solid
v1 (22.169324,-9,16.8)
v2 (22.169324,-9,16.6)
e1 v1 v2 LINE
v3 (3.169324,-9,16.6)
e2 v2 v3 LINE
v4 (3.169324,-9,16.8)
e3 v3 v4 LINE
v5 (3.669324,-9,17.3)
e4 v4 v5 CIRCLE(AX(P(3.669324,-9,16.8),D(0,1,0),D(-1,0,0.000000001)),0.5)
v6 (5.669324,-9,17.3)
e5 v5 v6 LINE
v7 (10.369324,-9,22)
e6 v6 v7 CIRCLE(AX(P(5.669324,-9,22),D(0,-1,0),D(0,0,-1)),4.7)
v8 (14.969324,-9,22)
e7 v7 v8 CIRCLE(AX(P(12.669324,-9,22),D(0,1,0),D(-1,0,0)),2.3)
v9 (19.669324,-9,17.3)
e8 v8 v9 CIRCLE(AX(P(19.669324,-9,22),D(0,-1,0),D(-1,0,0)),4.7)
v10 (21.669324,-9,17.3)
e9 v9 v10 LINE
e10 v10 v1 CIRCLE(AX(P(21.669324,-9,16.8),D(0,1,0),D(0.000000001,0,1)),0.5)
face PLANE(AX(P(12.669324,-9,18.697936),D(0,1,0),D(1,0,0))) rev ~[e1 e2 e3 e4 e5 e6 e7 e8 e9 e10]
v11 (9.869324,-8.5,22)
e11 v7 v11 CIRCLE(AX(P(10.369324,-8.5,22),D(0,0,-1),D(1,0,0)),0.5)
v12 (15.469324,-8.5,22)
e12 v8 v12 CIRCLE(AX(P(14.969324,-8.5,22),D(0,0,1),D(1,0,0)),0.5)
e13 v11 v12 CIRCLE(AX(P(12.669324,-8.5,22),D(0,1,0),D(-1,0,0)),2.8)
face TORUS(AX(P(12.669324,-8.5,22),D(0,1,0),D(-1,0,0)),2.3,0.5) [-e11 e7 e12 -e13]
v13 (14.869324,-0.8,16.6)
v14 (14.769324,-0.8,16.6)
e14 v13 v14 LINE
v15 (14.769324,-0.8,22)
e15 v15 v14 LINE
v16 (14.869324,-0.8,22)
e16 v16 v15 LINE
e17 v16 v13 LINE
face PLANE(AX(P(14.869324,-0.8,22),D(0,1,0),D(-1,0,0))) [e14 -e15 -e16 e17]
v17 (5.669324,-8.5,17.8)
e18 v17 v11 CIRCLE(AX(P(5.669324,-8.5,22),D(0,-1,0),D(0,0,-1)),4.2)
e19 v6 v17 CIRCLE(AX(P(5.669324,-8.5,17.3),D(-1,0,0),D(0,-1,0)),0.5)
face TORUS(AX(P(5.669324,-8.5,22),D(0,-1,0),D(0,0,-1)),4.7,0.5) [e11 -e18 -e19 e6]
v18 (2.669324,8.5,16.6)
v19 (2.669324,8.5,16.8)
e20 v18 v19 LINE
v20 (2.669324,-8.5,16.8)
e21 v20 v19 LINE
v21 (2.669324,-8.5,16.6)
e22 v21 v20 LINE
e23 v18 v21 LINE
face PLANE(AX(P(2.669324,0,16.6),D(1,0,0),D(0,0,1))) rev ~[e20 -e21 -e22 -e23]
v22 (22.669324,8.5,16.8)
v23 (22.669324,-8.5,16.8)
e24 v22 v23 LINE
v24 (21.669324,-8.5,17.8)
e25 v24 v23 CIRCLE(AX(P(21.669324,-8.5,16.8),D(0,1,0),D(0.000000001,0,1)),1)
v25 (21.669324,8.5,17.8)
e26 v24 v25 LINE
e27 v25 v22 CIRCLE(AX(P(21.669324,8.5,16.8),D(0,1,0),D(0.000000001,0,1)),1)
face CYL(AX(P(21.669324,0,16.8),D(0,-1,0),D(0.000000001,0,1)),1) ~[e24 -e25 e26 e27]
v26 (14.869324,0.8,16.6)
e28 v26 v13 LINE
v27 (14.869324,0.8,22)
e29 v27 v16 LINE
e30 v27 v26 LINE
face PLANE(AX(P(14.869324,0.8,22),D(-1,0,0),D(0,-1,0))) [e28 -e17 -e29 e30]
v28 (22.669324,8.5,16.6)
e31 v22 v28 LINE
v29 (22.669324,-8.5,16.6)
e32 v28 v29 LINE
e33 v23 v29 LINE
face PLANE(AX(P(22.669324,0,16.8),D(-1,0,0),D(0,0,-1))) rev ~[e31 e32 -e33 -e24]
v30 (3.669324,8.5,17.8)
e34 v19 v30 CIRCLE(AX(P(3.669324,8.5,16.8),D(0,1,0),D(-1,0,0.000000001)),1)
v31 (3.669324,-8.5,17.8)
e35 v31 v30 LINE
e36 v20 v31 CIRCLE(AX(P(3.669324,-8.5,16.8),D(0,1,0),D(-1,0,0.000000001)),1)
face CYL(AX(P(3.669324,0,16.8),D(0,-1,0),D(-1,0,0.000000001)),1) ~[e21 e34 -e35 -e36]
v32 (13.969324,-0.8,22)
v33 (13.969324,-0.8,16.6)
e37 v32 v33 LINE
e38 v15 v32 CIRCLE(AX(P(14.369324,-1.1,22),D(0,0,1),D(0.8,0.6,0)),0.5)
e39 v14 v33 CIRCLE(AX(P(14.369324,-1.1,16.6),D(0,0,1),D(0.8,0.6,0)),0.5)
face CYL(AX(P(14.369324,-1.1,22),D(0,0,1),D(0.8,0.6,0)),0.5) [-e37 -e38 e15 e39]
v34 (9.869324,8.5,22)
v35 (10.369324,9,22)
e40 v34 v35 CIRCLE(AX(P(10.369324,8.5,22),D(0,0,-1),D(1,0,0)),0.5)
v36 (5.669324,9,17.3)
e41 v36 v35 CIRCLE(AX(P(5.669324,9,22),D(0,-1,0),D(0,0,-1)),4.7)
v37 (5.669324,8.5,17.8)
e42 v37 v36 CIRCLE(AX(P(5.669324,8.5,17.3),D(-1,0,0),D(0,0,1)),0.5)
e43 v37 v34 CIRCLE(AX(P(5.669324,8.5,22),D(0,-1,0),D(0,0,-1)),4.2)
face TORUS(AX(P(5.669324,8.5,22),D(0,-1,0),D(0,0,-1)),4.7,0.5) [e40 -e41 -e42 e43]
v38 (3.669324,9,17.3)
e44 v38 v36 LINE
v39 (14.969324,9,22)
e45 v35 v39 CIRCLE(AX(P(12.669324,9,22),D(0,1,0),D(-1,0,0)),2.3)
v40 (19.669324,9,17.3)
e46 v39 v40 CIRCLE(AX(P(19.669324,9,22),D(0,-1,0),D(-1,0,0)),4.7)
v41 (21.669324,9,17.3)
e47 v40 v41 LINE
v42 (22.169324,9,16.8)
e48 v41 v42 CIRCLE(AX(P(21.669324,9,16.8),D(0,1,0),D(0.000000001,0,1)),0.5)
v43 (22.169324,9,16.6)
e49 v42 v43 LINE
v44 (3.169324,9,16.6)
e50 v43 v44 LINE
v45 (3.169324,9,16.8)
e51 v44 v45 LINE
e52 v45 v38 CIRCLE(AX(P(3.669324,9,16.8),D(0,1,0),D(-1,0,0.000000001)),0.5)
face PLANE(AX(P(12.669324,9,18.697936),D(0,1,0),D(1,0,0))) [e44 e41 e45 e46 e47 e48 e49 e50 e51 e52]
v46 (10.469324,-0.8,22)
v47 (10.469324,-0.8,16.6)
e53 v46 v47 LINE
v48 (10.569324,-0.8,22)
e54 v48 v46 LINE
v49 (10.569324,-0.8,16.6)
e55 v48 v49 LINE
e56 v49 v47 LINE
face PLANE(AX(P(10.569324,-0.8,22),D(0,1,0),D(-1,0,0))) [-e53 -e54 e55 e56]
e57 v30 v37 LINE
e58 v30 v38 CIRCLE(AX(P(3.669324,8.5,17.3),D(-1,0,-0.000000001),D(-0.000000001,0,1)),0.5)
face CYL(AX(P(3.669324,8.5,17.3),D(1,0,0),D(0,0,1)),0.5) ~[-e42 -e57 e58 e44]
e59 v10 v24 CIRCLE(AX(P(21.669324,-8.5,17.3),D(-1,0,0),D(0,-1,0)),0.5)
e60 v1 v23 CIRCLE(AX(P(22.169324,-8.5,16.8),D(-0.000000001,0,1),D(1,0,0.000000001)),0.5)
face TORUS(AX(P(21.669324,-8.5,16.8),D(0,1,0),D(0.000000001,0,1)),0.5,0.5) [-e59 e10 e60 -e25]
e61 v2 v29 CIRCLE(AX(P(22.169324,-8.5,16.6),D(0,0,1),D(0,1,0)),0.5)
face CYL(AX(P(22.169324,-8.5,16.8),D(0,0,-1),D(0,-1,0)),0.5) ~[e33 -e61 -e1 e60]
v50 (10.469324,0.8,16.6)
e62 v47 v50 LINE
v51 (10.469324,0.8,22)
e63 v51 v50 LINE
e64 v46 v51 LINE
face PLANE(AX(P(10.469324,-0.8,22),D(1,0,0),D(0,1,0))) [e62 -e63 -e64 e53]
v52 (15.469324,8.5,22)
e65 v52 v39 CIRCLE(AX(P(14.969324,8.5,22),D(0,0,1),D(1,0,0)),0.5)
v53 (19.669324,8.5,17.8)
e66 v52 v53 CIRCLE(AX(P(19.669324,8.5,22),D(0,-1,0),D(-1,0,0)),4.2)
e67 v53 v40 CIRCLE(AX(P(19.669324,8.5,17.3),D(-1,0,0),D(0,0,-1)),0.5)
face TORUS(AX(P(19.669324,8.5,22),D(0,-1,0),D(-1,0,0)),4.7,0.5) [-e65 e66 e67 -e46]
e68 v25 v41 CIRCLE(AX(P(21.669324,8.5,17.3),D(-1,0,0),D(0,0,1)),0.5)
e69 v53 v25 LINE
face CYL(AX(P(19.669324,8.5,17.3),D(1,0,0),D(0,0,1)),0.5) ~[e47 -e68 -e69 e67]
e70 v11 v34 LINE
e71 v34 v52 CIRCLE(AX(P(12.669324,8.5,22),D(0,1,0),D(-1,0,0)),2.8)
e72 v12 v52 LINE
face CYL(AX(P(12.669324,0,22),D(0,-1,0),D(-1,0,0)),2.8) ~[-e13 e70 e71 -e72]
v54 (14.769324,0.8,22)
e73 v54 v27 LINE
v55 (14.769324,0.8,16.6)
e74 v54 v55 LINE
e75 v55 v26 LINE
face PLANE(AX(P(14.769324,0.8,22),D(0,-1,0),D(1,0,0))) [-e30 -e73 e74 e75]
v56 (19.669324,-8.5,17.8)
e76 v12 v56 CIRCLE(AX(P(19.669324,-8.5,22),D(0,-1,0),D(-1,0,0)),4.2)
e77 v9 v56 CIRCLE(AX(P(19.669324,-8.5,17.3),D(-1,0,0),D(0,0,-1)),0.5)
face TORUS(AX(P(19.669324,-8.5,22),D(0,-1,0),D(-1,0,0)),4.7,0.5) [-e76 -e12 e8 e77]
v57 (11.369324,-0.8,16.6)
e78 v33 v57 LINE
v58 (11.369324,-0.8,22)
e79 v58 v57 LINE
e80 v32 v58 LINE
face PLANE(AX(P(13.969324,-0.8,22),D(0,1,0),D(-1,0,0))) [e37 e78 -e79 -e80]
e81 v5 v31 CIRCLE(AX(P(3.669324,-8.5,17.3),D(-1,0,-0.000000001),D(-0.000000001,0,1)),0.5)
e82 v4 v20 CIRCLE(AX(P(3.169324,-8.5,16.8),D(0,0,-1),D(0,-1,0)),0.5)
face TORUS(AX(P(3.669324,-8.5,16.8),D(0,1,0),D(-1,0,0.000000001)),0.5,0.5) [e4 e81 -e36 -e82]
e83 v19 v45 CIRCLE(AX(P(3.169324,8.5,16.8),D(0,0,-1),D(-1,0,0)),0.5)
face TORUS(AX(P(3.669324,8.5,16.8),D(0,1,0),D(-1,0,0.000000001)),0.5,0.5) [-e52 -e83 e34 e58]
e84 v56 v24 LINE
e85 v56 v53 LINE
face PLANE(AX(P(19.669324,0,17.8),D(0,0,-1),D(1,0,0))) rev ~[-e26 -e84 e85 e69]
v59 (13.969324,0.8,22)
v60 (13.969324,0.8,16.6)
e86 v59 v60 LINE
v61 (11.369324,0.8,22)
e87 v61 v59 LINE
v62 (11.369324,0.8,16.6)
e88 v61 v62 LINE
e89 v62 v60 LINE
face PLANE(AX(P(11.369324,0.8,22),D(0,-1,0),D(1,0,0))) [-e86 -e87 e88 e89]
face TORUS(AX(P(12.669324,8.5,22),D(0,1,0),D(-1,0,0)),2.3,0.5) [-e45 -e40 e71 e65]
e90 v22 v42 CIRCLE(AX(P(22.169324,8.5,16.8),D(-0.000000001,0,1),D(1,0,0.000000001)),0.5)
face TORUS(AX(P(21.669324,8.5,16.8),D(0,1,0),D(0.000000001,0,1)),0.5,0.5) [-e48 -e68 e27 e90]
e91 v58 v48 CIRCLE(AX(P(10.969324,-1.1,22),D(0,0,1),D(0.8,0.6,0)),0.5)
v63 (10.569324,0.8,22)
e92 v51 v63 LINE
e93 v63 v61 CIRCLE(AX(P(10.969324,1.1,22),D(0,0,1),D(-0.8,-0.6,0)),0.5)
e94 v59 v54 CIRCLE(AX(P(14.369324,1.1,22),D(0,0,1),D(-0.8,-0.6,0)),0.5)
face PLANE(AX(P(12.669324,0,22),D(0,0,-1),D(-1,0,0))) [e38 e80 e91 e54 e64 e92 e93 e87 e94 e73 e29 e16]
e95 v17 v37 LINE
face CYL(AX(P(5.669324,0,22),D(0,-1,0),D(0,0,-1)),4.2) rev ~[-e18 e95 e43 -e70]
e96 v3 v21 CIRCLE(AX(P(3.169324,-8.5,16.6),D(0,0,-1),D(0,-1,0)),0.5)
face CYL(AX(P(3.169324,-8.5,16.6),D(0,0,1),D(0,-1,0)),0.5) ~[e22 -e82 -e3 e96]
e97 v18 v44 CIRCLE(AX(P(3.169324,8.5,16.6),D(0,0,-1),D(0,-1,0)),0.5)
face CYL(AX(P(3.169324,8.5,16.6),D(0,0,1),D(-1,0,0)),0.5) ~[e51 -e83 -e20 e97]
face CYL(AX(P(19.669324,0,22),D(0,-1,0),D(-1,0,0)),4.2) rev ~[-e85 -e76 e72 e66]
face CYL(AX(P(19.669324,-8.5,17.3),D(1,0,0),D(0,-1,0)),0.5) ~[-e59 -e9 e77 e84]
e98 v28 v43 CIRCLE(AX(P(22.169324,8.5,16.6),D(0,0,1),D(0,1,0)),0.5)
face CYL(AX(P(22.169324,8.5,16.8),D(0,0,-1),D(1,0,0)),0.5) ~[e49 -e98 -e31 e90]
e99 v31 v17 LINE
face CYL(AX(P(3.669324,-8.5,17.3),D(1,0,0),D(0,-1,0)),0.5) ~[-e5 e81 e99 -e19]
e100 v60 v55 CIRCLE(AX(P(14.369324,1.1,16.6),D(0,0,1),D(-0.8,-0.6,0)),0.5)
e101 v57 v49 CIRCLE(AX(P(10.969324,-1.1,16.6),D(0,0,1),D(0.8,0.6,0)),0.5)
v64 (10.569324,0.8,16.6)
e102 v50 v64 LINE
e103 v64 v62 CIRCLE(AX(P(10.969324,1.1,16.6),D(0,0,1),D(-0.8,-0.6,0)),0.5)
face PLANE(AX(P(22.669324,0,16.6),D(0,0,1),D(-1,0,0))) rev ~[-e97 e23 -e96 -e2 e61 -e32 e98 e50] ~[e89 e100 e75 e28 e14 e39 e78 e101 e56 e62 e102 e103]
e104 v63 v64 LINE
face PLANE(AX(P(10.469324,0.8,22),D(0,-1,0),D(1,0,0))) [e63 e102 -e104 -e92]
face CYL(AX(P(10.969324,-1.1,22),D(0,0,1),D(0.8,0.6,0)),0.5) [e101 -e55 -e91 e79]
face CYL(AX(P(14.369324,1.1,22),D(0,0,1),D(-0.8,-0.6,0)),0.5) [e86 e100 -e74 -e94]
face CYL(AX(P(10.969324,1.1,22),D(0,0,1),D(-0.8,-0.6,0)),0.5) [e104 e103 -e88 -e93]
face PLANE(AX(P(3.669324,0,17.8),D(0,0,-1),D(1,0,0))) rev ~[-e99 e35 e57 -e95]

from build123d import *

# Parameters (mm, degrees)
BOSS_EXTRUDE2_DEPTH = 9
FILLET1_R           = 0.5
CUT_EXTRUDE1_START  = -5.4
CUT_EXTRUDE1_DEPTH  = 5.4


with BuildPart() as part:
    # Sketch3 → Boss-Extrude2 (new body, symmetric)
    with BuildSketch(Plane(origin=(0, 0, 0), x_dir=(-1, 0, 0), z_dir=(0, -1, 0))):
        with BuildLine():
            Line((-12.669323516, -16.6), (-2.669323516, -16.6))
            Line((-2.669323516, -16.6), (-2.669323516, -16.8))
            ThreePointArc((-2.669323516, -16.8), (-2.962216735, -17.507106781), (-3.669323516, -17.8))
            Line((-3.669323516, -17.8), (-5.669323516, -17.8))
            ThreePointArc((-5.669323516, -17.8), (-8.639171997, -19.030151519), (-9.869323516, -22))
            ThreePointArc((-9.869323516, -22), (-12.669323516, -24.8), (-15.469323516, -22))
            ThreePointArc((-15.469323516, -22), (-16.699475035, -19.030151519), (-19.669323516, -17.8))
            Line((-19.669323516, -17.8), (-21.669323516, -17.8))
            ThreePointArc((-21.669323516, -17.8), (-22.376430297, -17.507106781), (-22.669323516, -16.8))
            Line((-22.669323516, -16.8), (-22.669323516, -16.6))
            Line((-22.669323516, -16.6), (-12.669323516, -16.6))
        make_face()
    extrude(amount=BOSS_EXTRUDE2_DEPTH, both=True)

    # Fillet1
    fillet1_edges = [part.edges().sort_by_distance(p)[0] for p in [
        (22.376430297, -9, 17.507106781),
        (2.669323516, 9, 16.7),
        (2.962216735, 9, 17.507106781),
        (4.669323516, 9, 17.8),
        (8.639171997, 9, 19.030151519),
        (12.669323516, 9, 24.8),
        (16.699475035, 9, 19.030151519),
        (20.669323516, 9, 17.8),
        (20.669323516, -9, 17.8),
        (22.376430297, 9, 17.507106781),
        (22.669323516, 9, 16.7),
        (16.699475035, -9, 19.030151519),
        (12.669323516, -9, 24.8),
        (8.639171997, -9, 19.030151519),
        (4.669323516, -9, 17.8),
        (2.962216735, -9, 17.507106781),
        (2.669323516, -9, 16.7),
        (22.669323516, -9, 16.7),
    ]]
    fillet(fillet1_edges, radius=FILLET1_R)

    # Sketch4 → Cut-Extrude1 (cut)
    with BuildSketch(Plane(origin=(0, 0, 16.6), x_dir=(-1, 0, 0), z_dir=(0, 0, -1)).offset(CUT_EXTRUDE1_START)):
        with BuildLine():
            Line((-14.869323516, 0.8), (-14.869323516, -0.8))
            Line((-14.869323516, -0.8), (-14.769323516, -0.8))
            ThreePointArc((-14.769323516, -0.8), (-14.369323516, -0.6), (-13.969323516, -0.8))
            Line((-13.969323516, -0.8), (-11.369323516, -0.8))
            ThreePointArc((-11.369323516, -0.8), (-10.969323516, -0.6), (-10.569323516, -0.8))
            Line((-10.569323516, -0.8), (-10.469323516, -0.8))
            Line((-10.469323516, -0.8), (-10.469323516, 0.8))
            Line((-10.469323516, 0.8), (-10.569323516, 0.8))
            ThreePointArc((-10.569323516, 0.8), (-10.969323516, 0.6), (-11.369323516, 0.8))
            Line((-11.369323516, 0.8), (-13.969323516, 0.8))
            ThreePointArc((-13.969323516, 0.8), (-14.369323516, 0.6), (-14.769323516, 0.8))
            Line((-14.769323516, 0.8), (-14.869323516, 0.8))
        make_face()
    extrude(amount=CUT_EXTRUDE1_DEPTH, mode=Mode.SUBTRACT)


solid = part.part
